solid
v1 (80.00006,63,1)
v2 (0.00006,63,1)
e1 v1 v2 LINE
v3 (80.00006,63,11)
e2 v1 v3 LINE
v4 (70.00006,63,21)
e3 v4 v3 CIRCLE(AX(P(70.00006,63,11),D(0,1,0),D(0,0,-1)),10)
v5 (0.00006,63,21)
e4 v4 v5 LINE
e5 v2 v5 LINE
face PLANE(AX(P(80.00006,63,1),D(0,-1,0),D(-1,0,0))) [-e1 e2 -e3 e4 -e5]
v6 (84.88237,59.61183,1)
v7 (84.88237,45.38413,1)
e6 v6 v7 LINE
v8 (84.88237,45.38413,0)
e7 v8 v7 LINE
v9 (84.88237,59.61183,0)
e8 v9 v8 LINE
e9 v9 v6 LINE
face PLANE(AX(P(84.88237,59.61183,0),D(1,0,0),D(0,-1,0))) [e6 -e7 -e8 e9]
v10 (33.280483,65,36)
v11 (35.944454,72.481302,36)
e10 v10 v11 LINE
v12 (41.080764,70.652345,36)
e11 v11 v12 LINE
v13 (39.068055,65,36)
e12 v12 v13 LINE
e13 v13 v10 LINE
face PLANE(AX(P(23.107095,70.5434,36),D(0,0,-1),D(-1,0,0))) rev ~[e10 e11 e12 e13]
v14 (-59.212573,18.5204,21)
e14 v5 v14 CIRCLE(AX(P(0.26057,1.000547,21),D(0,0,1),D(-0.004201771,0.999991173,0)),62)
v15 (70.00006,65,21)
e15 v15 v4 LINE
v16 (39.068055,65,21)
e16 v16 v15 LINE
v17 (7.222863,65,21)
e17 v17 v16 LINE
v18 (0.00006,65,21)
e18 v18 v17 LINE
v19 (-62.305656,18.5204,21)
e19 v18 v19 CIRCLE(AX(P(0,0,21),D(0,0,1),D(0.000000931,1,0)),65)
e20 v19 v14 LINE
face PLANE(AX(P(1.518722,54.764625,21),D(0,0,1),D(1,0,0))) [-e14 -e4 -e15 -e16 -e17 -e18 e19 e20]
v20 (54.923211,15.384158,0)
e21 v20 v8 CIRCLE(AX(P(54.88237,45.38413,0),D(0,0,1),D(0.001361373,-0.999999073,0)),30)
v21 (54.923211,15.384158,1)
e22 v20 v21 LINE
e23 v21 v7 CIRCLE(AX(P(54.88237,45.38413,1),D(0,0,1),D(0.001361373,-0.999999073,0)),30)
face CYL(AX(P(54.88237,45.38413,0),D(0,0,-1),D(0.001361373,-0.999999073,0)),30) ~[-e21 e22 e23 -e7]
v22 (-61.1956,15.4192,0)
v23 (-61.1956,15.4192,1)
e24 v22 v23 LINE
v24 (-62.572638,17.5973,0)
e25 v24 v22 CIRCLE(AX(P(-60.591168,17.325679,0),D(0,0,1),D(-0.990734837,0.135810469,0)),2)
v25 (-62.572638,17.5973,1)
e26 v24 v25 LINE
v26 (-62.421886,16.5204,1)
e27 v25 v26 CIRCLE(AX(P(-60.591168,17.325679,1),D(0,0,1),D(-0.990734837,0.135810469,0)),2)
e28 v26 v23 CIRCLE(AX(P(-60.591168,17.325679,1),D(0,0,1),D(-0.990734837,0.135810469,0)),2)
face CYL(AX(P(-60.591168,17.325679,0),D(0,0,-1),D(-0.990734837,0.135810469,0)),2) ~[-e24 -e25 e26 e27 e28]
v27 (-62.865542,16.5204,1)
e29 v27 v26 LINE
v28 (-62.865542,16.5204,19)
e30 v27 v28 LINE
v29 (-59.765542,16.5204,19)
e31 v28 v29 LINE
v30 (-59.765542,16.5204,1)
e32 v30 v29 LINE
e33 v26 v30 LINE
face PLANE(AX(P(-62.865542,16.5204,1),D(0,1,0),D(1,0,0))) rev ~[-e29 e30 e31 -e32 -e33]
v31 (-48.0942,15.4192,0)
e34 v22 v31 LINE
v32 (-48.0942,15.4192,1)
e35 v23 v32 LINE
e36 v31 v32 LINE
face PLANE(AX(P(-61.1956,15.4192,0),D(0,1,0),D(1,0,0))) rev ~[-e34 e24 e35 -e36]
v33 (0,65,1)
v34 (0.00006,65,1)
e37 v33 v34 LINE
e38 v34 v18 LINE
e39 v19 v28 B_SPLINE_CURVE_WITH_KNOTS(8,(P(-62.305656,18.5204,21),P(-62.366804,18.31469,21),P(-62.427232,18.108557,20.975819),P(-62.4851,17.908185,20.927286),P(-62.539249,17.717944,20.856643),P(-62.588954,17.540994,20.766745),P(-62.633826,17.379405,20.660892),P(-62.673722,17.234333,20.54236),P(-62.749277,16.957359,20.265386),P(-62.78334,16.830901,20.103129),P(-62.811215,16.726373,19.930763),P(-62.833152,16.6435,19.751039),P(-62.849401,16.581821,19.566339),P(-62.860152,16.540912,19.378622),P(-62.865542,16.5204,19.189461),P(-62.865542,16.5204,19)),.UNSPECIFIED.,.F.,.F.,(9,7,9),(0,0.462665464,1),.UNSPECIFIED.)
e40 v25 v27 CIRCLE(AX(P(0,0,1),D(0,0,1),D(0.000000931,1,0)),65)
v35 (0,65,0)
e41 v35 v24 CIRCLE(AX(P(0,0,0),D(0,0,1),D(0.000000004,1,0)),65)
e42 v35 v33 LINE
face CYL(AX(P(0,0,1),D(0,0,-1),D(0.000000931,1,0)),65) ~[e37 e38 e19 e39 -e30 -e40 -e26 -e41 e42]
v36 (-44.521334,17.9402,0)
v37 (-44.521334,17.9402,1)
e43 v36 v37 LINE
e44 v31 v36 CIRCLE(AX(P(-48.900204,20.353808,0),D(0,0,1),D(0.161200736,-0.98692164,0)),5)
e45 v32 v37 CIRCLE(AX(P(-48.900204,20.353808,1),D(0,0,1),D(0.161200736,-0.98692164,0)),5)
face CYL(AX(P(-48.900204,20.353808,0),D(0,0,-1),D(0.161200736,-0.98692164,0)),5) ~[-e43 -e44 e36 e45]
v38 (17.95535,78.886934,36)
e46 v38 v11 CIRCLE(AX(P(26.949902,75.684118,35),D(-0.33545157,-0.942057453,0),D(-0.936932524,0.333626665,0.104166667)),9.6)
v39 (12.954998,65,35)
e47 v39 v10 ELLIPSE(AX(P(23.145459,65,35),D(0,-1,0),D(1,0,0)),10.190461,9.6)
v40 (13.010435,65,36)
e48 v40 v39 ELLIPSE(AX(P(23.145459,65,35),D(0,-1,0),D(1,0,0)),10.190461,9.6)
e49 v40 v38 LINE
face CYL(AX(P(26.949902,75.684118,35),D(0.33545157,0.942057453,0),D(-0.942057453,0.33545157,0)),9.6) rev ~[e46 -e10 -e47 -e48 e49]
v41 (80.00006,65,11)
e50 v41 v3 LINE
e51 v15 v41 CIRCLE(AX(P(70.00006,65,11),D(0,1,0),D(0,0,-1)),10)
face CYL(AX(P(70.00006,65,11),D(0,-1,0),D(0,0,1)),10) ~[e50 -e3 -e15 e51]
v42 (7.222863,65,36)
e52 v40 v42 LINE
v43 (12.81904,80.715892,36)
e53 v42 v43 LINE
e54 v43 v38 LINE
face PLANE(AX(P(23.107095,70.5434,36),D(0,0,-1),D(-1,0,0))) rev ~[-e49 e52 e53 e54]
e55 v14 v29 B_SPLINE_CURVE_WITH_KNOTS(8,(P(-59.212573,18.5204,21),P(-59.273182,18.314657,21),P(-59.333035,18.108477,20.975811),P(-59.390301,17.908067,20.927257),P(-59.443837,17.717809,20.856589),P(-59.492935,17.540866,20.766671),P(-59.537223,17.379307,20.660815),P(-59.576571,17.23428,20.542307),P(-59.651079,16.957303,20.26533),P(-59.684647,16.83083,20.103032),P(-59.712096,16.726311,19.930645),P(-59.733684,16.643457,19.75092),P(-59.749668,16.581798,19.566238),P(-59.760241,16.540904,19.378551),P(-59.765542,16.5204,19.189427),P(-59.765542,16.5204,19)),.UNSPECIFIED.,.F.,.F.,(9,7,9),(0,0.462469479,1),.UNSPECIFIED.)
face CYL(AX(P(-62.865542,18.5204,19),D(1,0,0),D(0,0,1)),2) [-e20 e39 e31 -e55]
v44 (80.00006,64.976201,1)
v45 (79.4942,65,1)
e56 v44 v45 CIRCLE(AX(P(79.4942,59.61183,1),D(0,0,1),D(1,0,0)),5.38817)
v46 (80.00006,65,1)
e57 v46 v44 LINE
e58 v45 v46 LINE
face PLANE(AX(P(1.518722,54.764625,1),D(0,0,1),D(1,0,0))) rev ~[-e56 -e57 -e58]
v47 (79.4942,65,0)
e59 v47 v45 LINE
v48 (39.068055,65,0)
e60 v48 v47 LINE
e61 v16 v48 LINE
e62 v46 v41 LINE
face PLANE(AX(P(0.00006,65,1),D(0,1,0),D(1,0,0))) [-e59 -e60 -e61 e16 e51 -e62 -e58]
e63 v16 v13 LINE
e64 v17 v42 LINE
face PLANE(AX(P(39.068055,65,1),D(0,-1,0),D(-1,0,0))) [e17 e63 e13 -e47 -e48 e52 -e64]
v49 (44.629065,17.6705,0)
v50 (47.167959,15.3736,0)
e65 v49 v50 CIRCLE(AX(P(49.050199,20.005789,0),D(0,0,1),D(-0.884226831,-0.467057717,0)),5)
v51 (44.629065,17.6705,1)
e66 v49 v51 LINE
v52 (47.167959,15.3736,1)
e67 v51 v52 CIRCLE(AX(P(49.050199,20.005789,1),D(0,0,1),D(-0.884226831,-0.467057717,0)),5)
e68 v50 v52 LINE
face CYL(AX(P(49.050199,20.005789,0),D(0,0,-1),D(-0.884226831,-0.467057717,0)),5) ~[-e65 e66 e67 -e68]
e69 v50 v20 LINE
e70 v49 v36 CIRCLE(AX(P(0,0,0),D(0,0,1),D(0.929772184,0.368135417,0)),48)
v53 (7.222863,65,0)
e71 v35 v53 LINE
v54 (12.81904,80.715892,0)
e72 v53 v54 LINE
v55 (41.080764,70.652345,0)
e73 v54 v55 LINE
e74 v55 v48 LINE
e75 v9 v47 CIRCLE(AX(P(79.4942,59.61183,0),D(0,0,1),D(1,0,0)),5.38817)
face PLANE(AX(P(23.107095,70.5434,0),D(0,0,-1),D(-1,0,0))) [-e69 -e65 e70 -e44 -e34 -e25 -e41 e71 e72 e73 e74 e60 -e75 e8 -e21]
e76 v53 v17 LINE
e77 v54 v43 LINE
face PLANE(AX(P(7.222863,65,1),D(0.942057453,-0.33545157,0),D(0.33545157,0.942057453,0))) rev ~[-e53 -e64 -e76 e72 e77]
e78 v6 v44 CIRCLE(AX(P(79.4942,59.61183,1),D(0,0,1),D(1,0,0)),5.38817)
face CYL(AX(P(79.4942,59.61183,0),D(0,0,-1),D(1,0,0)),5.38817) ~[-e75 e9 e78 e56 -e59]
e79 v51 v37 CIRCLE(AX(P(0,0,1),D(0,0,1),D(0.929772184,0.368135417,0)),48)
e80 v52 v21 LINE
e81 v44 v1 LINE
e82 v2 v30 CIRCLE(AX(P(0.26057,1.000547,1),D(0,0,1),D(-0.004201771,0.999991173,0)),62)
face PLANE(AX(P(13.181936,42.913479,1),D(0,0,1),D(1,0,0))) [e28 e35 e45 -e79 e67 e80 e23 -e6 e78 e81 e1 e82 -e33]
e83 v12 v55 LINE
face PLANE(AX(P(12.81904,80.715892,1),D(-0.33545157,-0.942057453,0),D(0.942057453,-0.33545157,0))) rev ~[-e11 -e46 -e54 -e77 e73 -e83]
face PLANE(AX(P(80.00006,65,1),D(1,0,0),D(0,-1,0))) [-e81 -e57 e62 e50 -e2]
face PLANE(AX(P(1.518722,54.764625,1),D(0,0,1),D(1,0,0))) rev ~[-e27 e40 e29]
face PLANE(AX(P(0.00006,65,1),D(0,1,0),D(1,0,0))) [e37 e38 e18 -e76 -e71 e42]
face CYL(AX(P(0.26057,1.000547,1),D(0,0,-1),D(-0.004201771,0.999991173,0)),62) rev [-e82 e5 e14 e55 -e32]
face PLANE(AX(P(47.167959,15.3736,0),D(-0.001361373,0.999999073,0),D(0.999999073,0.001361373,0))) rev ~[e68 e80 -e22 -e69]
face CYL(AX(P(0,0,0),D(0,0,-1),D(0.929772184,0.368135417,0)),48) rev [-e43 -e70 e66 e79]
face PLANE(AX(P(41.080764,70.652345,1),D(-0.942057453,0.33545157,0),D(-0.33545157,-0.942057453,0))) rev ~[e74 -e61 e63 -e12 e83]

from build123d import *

# Parameters (mm, degrees)
PAD_DEPTH         = 1
PAD004_DEPTH      = 20
FILLET_R          = 10
FILLET001_R       = 2
PAD005_DEPTH      = 35
PAD005_DEPTH_BACK = 1
SKETCH005_R       = 9.6
POCKET_DEPTH      = 86.945705044


with BuildPart() as part:
    # Sketch → Pad (new body)
    with BuildSketch(Plane.XY):
        with BuildLine():
            ThreePointArc((2.407e-07, 65), (-39.2503215588, 51.8113139915), (-62.5726380514, 17.5973))
            ThreePointArc((-62.5726380514, 17.5973), (-62.2816568518, 16.2569186959), (-61.1956, 15.4192))
            Line((-61.1956, 15.4192), (-48.0942, 15.4192))
            ThreePointArc((-48.0942, 15.4192), (-46.0175682638, 16.2684180018), (-44.5213344809, 17.9402))
            ThreePointArc((44.6290648541, 17.6705), (0.1452101265, 47.9997803539), (-44.5213344809, 17.9402))
            ThreePointArc((44.6290648541, 17.6705), (45.6957884662, 16.2979684833), (47.1679586113, 15.3736))
            Line((47.1679586113, 15.3736), (54.9232114248, 15.3841578001))
            ThreePointArc((54.9232114248, 15.3841578001), (76.1100083043, 24.1853710213), (84.8823702407, 45.38413))
            Line((84.8823702407, 59.61183), (84.8823702407, 45.38413))
            ThreePointArc((84.8823702407, 59.61183), (83.3042117859, 63.4218415452), (79.4942002407, 65))
            Line((2.407e-07, 65), (79.4942002407, 65))
        make_face()
    extrude(amount=PAD_DEPTH)

    # Sketch001 → Pad004 (new body)
    with BuildSketch(Plane.XY.offset(1)):
        with BuildLine():
            ThreePointArc((6.04881e-05, 65), (-39.6936405321, 51.4724674103), (-62.8655421025, 16.5204))
            Line((-62.8655421025, 16.5204), (-59.7655421025, 16.5204))
            ThreePointArc((6.04881e-05, 63), (-37.8013201978, 49.9422727575), (-59.7655421025, 16.5204))
            Line((80.0000604881, 63), (6.04881e-05, 63))
            Line((80.0000604881, 65), (80.0000604881, 63))
            Line((6.04881e-05, 65), (80.0000604881, 65))
        make_face()
    extrude(amount=PAD004_DEPTH)

    # Fillet
    fillet_edges = [part.edges().sort_by_distance(p)[0] for p in [
        (80.00006, 64, 21),
    ]]
    fillet(fillet_edges, radius=FILLET_R)

    # Fillet001
    fillet001_edges = [part.edges().sort_by_distance(p)[0] for p in [
        (-61.315542, 16.5204, 21),
    ]]
    fillet(fillet001_edges, radius=FILLET001_R)

    # Sketch004 → Pad005 (new body, two sides)
    with BuildSketch(Plane.XY.offset(1)) as pad005_sk:
        Polygon((12.8190404688, 80.7158918092), (41.0807640524, 70.6523447167), (39.0680546339, 65), (7.2228631212, 65), align=None)
    extrude(amount=PAD005_DEPTH)
    extrude(pad005_sk.sketch, amount=-PAD005_DEPTH_BACK)

    # Sketch005 → Pocket (cut, through all)
    with BuildSketch(Plane(origin=(26.9499022606, 75.6841182629, 0), x_dir=(-0.9420574528, 0.3354515698, 0), z_dir=(0.3354515698, 0.9420574528, 0))):
        with Locations((0, 35)):
            Circle(SKETCH005_R)
    extrude(amount=-POCKET_DEPTH, mode=Mode.SUBTRACT)


solid = part.part
